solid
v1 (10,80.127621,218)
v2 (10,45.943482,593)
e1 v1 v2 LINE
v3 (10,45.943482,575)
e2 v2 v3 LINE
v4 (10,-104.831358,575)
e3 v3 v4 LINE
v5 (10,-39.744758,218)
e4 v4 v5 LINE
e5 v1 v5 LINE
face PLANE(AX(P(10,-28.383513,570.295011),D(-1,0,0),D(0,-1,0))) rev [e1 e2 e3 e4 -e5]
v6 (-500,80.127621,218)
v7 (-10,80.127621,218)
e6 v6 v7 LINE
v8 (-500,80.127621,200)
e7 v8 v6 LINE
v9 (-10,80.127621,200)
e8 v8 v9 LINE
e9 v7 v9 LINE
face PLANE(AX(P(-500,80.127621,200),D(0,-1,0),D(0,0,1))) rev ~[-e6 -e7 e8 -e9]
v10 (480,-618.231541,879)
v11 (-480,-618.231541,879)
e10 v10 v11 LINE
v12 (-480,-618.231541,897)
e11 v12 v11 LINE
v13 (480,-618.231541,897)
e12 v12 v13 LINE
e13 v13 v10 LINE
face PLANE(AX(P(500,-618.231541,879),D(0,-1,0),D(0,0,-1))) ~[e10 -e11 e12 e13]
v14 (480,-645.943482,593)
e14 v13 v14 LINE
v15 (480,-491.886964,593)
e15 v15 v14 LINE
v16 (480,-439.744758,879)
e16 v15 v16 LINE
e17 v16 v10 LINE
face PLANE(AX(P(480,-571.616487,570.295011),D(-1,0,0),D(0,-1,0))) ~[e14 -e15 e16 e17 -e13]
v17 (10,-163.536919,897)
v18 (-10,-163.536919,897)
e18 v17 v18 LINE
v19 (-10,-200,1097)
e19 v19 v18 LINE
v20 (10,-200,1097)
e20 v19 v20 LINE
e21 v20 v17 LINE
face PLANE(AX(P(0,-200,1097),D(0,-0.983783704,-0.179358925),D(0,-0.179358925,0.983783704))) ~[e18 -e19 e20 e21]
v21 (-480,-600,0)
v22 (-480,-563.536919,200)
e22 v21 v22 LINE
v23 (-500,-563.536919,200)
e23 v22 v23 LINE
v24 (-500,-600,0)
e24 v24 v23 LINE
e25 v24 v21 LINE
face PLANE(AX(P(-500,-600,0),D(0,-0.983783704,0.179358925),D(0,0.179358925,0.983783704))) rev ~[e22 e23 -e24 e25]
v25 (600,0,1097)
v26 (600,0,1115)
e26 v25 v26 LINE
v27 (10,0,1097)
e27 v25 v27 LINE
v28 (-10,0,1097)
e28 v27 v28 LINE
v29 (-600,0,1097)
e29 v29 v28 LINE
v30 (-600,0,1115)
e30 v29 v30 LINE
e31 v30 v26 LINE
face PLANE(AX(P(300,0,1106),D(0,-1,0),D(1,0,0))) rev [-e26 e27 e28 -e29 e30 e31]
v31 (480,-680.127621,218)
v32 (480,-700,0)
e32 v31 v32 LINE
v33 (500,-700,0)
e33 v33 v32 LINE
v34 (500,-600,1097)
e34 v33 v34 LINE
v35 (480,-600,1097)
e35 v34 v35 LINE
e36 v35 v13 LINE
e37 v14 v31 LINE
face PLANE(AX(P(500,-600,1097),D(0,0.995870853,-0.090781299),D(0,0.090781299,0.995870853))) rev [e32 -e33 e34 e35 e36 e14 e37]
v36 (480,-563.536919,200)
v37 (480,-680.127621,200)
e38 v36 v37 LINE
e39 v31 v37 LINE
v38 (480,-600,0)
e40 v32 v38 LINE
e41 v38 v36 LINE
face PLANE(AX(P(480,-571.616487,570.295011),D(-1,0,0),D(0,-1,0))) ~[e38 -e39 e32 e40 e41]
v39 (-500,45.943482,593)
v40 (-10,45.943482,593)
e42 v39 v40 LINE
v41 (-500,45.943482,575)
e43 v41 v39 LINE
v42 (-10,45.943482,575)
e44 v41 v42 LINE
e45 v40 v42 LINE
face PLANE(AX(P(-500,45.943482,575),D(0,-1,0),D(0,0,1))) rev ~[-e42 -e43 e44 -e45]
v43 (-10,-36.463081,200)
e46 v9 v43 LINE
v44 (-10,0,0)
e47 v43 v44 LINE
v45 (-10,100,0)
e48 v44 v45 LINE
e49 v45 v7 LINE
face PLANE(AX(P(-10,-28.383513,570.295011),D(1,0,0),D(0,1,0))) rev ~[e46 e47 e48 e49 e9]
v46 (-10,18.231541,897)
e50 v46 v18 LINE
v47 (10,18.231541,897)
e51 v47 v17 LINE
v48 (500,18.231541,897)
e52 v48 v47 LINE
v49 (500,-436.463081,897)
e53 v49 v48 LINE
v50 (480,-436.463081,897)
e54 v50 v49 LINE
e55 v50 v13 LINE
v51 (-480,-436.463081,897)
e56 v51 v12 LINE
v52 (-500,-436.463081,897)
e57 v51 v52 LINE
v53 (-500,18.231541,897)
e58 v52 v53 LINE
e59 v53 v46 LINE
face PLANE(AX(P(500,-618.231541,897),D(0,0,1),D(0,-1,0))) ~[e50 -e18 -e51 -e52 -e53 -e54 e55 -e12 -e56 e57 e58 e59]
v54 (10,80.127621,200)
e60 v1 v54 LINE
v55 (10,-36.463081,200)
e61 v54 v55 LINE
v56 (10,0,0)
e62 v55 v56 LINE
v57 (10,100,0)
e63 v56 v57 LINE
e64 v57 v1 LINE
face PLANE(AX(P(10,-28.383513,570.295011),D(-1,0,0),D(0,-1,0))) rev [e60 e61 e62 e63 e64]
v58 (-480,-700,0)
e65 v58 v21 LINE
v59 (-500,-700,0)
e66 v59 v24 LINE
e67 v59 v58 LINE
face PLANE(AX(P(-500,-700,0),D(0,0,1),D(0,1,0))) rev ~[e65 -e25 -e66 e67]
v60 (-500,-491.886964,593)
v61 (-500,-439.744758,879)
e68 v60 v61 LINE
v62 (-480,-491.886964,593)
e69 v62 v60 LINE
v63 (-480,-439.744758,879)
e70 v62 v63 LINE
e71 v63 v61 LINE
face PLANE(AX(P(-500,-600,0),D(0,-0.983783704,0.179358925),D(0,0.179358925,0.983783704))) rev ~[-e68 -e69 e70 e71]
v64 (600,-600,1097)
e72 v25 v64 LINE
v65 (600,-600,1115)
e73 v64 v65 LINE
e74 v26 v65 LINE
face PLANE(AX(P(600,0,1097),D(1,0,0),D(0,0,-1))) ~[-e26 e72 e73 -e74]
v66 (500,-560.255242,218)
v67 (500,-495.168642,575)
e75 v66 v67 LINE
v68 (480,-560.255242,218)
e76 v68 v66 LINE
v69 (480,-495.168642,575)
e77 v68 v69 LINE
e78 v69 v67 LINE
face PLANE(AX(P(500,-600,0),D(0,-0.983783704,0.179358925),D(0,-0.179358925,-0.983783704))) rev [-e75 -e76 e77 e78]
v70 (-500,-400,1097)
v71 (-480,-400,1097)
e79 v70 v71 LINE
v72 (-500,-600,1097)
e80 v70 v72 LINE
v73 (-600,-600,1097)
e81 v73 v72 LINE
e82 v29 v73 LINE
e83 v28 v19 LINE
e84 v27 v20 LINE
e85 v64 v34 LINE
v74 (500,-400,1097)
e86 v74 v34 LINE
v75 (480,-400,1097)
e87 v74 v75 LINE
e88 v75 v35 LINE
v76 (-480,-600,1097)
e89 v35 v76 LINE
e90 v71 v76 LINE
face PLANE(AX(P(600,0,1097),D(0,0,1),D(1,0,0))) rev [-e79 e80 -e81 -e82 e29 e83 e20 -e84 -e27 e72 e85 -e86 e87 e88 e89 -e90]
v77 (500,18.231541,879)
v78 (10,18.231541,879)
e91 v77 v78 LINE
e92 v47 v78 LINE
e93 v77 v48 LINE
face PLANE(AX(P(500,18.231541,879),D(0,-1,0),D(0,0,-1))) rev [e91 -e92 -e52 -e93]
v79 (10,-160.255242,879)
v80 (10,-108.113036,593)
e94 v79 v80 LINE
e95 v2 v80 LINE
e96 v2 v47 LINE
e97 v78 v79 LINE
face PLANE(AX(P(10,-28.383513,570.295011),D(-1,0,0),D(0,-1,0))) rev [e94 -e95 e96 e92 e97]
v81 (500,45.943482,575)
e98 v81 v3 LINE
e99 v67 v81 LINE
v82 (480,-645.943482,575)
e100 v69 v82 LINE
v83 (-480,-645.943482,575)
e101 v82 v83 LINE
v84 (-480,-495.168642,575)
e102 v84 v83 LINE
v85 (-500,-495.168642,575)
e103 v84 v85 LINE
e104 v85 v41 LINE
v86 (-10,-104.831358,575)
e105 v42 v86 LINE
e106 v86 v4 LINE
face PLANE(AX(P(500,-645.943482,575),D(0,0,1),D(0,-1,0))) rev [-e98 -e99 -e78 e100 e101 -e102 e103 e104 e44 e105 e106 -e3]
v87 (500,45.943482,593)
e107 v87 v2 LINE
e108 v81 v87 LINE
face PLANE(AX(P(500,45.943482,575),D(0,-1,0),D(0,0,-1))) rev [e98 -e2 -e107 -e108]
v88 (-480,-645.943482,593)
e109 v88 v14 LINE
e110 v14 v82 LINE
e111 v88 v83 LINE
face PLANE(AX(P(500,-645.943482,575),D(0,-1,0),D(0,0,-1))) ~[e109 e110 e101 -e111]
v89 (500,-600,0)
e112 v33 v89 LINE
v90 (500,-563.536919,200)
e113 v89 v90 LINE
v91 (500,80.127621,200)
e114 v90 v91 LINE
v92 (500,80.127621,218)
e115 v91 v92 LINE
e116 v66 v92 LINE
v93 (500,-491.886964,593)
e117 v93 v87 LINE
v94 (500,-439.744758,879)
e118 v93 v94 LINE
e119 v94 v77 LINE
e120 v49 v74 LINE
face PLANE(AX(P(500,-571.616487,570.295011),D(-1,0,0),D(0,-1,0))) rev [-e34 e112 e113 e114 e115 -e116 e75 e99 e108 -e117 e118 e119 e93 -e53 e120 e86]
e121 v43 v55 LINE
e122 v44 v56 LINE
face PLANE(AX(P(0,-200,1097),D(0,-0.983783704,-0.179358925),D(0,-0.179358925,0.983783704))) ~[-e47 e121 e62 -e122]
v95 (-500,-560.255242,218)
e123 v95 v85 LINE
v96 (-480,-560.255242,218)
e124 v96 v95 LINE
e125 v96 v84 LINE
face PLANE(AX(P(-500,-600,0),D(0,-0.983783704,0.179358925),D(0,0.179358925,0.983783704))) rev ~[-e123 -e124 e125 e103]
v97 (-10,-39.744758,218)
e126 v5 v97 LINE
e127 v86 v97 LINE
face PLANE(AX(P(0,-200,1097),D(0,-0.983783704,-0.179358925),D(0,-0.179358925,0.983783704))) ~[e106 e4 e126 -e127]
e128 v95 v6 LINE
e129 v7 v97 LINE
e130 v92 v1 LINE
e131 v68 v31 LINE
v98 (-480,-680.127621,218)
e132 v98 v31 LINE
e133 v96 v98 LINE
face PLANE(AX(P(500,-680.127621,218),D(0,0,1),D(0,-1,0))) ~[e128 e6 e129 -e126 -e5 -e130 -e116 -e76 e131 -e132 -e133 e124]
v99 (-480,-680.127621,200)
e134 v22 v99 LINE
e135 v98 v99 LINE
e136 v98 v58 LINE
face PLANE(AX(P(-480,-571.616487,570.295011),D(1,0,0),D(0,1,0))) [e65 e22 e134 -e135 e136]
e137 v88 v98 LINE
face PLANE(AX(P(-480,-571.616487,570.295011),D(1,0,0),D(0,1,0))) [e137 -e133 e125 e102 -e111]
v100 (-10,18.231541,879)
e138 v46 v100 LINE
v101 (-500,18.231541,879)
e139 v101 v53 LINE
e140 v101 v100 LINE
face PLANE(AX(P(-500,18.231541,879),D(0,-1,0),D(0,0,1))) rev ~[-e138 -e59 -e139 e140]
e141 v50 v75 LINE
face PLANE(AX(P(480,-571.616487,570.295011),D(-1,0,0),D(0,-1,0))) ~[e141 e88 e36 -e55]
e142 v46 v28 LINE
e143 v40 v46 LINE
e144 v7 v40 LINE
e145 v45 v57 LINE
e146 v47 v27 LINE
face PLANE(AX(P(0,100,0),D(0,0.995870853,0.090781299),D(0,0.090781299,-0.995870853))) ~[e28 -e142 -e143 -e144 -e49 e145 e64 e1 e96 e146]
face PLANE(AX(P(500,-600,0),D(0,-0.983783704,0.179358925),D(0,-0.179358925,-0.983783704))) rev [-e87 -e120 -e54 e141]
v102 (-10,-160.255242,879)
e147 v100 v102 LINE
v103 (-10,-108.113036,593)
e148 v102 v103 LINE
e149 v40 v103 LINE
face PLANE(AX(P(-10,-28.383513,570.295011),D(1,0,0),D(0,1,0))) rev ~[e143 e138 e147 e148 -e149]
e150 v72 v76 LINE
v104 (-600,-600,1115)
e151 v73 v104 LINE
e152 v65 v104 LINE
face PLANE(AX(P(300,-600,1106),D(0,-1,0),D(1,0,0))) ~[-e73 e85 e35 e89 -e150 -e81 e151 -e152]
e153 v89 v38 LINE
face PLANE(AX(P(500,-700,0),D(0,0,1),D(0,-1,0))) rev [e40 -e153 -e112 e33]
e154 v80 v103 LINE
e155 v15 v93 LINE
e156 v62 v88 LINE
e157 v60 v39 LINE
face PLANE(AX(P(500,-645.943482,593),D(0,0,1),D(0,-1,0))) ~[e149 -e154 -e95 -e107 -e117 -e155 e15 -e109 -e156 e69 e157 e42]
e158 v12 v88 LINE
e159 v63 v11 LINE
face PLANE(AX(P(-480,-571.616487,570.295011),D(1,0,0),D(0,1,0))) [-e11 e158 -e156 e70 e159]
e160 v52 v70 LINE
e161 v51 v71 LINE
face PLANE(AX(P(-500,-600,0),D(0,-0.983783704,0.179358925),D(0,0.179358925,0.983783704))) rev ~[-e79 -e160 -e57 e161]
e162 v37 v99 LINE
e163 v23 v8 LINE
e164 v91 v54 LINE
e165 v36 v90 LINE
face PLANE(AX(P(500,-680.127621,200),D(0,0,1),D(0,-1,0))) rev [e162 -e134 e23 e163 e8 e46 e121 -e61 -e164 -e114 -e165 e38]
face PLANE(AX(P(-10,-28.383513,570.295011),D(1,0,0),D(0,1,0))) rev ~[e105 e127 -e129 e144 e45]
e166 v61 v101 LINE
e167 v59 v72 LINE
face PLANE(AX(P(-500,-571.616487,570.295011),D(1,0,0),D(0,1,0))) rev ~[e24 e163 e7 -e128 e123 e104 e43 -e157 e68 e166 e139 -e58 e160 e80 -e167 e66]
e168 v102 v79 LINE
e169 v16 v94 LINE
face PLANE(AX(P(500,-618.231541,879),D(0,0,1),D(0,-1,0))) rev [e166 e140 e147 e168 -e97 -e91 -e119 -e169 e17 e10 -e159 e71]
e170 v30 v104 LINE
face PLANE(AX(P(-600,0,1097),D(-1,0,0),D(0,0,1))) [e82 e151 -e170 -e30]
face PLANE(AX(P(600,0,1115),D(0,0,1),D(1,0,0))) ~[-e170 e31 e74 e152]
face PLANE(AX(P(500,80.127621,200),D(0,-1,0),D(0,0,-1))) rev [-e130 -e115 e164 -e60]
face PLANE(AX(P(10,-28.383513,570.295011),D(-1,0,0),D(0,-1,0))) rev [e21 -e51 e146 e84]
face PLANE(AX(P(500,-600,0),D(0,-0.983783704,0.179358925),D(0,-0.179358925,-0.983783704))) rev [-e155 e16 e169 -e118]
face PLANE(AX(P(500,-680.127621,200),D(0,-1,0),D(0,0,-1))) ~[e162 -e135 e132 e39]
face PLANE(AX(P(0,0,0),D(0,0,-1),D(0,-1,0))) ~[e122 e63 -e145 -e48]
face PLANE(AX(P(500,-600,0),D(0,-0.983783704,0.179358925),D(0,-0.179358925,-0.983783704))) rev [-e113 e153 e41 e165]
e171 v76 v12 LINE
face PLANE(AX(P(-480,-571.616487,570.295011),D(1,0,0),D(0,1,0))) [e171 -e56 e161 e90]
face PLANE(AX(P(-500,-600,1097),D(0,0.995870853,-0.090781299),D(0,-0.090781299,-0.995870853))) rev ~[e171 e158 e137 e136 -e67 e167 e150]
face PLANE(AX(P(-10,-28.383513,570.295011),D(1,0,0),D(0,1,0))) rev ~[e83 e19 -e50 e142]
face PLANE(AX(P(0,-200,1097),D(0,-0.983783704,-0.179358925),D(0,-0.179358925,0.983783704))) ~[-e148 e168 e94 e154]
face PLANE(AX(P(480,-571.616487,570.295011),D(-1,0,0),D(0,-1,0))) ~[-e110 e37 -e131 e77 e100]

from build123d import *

# Parameters (mm, degrees)
F0_W     = 600
F0_H     = 18
F1_DEPTH = 600
F4_DEPTH = 20
F6_DEPTH = 10
F7_W     = 691.8869644485
F7_H     = 18
F7_W_2   = 636.4630811304
F7_W_3   = 760.2552415679
F8_DEPTH = 500


with BuildPart() as f1:
    # F0 (on Front) → F1 (new body)
    with BuildSketch(Plane.XZ):
        with Locations((-300, 1106)):
            Rectangle(F0_W, F0_H)
    extrude(amount=F1_DEPTH)

    # F3 (on offset) → F4 (join)
    with BuildSketch(Plane.YZ.offset(-500)):
        Polygon((-600, 0), (-400, 1097), (-600, 1097), (-700, 0), align=None)
    extrude(amount=F4_DEPTH)

    # F5 (on Right) → F6 (join)
    with BuildSketch(Plane.YZ):
        Polygon((100, 0), (0, 1097), (-200, 1097), (0, 0), align=None)
    extrude(amount=-F6_DEPTH)

    # F7 (on offset) → F8 (join)
    with BuildSketch(Plane.YZ.offset(-500)):
        with Locations((-300, 584)):
            Rectangle(F7_W, F7_H)
        with Locations((-300, 888)):
            Rectangle(F7_W_2, F7_H)
        with Locations((-300, 209)):
            Rectangle(F7_W_3, F7_H)
    extrude(amount=F8_DEPTH)

    # F9: F1 across plane


with BuildPart() as f1_1:
    add(f1.part)
    add(f1.part.mirror(Plane.YZ))


solid = f1_1.part
